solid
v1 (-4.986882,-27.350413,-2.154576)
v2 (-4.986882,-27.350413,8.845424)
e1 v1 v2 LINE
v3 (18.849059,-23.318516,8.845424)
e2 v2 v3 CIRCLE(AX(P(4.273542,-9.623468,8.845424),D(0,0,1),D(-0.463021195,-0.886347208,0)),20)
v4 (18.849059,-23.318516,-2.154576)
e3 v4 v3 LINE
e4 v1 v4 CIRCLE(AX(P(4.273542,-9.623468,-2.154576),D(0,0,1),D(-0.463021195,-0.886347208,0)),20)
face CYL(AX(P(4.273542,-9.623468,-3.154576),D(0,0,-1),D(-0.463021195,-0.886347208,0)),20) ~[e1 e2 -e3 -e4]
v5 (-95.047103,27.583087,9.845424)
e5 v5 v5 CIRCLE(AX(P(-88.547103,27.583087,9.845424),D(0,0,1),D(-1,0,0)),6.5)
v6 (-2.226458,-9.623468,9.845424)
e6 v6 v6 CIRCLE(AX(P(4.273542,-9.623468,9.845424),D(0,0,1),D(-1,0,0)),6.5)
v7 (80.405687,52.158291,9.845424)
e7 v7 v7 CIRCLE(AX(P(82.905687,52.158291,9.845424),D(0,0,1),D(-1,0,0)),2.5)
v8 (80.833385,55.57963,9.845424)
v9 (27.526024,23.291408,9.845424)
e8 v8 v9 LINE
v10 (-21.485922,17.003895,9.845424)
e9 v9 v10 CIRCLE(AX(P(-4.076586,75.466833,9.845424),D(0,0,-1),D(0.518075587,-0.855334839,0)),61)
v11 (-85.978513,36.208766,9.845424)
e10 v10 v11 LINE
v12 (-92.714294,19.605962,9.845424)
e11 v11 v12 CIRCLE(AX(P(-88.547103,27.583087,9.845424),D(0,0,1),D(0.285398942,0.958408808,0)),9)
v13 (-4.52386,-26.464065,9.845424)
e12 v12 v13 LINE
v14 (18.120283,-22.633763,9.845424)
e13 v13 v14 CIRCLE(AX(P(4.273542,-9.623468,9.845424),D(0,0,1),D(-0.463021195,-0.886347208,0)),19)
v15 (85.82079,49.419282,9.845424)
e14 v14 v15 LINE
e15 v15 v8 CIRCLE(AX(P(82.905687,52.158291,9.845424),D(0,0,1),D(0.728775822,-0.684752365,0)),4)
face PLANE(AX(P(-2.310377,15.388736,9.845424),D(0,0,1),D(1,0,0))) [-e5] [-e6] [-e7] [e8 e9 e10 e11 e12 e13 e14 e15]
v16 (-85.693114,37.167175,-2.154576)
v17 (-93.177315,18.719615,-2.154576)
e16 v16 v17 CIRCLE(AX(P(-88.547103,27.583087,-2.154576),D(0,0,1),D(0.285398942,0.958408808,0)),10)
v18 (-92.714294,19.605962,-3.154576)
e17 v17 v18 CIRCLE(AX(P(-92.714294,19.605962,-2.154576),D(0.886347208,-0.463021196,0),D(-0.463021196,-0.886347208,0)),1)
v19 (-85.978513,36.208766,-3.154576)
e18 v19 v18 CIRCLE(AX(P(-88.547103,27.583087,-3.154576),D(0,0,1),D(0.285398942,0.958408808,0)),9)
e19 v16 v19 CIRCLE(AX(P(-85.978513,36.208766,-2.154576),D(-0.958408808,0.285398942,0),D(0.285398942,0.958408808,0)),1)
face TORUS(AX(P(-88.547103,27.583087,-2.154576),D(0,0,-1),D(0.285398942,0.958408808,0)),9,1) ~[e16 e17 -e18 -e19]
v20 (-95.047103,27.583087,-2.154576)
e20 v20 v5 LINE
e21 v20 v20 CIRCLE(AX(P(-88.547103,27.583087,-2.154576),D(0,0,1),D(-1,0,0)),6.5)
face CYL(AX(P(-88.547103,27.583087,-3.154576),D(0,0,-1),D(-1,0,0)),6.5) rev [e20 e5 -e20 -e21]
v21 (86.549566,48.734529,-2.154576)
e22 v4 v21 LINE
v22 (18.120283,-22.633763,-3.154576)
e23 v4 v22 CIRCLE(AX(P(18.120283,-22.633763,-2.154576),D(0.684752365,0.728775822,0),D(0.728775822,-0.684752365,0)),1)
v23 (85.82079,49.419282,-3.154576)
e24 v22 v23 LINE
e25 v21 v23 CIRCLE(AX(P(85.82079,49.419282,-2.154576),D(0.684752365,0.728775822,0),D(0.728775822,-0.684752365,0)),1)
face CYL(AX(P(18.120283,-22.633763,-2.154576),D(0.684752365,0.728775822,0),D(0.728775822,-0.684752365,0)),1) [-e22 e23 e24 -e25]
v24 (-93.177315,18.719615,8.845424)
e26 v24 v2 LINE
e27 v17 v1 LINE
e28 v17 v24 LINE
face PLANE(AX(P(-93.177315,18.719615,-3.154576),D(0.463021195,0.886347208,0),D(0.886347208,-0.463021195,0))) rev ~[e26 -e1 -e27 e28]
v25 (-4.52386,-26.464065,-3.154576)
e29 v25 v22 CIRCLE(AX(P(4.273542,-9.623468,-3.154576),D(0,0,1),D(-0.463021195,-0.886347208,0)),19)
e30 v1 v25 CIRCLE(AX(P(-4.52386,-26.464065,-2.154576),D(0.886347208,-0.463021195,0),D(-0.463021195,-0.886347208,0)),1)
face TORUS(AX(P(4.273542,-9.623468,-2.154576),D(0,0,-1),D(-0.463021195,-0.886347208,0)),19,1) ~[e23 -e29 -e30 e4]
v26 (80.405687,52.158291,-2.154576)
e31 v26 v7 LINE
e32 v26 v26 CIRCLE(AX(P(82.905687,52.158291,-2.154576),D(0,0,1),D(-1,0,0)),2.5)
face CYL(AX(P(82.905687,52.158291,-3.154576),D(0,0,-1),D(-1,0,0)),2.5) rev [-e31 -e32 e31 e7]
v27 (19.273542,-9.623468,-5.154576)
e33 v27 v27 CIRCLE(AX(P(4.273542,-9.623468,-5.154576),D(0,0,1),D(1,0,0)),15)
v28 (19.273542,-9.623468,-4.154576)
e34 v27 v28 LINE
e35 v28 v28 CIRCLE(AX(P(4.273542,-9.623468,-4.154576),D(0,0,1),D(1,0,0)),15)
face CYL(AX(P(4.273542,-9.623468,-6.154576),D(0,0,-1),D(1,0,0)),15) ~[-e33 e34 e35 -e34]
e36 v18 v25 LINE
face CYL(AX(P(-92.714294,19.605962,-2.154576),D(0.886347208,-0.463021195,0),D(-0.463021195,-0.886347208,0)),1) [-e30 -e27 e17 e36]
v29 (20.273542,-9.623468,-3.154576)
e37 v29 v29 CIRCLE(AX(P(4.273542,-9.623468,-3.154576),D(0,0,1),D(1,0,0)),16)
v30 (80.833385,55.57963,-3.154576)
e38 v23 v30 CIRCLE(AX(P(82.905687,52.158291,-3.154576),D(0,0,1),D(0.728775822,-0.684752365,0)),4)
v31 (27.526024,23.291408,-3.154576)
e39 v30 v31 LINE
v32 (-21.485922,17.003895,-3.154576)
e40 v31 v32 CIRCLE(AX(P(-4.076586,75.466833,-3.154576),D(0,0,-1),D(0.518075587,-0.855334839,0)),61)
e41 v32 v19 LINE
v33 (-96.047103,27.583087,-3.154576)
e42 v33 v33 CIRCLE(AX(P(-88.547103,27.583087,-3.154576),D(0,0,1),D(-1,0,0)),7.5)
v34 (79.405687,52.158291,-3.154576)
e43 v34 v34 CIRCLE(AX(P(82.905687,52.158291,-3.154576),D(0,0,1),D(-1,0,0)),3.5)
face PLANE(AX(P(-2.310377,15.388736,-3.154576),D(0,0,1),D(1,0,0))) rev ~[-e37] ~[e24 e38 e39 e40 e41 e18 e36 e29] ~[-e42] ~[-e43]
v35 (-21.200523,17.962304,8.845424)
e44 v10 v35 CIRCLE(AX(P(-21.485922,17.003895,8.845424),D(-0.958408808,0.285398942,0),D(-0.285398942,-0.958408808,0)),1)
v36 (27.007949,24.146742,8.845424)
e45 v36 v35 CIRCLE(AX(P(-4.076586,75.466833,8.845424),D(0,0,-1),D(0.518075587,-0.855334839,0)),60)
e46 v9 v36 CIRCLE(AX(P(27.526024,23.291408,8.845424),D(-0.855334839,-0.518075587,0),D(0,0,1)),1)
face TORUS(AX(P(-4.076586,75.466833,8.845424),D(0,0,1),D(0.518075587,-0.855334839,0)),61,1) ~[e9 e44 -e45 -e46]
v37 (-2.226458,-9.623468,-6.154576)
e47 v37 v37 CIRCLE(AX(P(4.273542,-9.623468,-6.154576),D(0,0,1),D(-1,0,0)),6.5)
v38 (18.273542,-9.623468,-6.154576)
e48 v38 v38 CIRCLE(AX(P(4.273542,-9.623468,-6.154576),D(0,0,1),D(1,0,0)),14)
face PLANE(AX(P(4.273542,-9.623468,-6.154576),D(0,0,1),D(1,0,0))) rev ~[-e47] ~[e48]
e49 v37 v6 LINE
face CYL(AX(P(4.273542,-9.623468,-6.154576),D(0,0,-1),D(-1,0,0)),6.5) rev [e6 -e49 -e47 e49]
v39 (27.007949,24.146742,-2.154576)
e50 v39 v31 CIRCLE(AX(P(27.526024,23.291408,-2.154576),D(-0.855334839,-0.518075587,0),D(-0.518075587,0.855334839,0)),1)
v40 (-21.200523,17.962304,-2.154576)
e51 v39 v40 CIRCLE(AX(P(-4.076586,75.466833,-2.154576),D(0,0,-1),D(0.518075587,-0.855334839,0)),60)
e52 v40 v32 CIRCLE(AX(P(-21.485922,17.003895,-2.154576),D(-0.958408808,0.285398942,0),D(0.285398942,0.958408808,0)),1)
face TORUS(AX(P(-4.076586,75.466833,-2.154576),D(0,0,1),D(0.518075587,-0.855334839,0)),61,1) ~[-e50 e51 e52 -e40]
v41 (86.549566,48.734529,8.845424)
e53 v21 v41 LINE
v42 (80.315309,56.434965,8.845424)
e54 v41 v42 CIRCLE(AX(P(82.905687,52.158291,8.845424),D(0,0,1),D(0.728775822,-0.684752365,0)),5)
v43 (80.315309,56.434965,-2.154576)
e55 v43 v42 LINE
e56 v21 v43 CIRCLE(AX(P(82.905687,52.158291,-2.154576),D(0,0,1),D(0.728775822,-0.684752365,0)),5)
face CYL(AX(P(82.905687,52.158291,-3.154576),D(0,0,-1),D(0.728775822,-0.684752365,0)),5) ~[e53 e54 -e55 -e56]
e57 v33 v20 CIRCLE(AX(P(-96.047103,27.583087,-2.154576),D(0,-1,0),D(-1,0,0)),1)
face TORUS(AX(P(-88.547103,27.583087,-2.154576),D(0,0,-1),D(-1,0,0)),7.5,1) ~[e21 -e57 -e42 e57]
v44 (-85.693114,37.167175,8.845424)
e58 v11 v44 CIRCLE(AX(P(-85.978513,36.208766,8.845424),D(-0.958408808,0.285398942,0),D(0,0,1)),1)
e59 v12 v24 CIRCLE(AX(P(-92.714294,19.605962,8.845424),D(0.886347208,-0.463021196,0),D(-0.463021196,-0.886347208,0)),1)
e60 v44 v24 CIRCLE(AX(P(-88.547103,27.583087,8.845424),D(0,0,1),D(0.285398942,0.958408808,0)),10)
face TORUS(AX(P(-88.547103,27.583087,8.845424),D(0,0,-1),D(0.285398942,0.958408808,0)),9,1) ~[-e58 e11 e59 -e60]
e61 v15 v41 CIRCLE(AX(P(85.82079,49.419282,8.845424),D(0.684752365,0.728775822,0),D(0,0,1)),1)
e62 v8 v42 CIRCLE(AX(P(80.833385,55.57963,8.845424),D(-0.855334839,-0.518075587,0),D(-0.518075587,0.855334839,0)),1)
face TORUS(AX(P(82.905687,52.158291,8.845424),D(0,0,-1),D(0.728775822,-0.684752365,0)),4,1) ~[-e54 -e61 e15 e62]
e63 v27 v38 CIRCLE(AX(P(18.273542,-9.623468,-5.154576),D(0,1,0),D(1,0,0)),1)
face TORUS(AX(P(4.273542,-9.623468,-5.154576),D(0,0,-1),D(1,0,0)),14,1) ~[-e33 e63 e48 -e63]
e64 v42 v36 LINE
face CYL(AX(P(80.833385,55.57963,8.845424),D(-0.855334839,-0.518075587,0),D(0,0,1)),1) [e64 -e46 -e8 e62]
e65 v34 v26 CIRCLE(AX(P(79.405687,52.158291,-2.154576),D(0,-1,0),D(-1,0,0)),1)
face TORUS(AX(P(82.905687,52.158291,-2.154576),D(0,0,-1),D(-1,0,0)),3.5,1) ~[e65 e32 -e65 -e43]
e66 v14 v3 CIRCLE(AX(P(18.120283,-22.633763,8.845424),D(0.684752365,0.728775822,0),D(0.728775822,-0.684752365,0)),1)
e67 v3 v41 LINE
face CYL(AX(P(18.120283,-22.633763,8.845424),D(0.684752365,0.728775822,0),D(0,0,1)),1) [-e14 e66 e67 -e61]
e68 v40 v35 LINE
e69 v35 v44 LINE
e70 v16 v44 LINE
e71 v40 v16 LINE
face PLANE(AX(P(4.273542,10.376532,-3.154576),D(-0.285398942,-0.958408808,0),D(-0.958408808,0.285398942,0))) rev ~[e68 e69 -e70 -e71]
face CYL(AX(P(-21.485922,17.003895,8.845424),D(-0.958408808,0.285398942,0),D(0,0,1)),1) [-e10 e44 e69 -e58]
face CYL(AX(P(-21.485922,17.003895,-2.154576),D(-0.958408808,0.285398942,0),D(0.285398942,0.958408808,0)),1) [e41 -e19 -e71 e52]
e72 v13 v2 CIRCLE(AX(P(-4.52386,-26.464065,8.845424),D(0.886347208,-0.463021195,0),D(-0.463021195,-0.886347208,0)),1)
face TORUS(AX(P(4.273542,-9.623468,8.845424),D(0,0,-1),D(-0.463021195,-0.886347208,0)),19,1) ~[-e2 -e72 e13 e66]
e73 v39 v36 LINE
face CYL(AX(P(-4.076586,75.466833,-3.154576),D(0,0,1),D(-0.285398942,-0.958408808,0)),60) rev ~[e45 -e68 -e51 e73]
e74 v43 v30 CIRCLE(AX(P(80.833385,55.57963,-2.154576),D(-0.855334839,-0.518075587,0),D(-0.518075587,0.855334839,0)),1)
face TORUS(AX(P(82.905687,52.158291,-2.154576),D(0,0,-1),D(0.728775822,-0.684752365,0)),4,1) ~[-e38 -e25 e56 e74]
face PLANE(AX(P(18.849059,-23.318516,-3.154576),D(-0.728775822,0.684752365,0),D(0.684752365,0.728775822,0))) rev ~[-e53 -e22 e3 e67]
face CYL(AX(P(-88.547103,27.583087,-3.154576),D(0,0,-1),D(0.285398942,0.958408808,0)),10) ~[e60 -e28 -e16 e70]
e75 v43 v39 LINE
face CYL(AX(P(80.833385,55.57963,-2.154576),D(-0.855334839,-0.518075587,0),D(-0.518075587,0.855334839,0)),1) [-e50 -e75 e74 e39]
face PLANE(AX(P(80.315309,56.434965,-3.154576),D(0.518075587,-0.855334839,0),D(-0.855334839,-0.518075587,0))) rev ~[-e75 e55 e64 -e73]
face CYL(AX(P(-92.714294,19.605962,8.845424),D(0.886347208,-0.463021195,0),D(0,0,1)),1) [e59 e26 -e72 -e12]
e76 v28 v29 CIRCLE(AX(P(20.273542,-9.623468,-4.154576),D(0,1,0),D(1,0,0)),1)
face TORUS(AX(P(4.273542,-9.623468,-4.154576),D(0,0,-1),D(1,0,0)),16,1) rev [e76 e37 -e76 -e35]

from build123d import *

# Parameters (mm, degrees)
SKETCH1_R           = 3.25
SKETCH1_R_2         = 1.25
BOSS_EXTRUDE1_DEPTH = 6.5
FILLET1_R           = 30
FILLET2_R           = 0.5
BOSS_EXTRUDE3_START = -1.5
SKETCH2_R           = 7.5
SKETCH2_R_2         = 3.25
BOSS_EXTRUDE3_DEPTH = 1.5
FILLET3_R           = 0.5
SCALE_1_SCALE       = 2


with BuildPart() as part:
    # Sketch1 → Boss-Extrude1 (new body)
    with BuildSketch(Plane.XY):
        with BuildLine():
            Line((-48.725428782, 14.171541553), (-4.630211955, -8.863472077))
            ThreePointArc((-4.630211955, -8.863472077), (1.667827944, -9.85993661), (7.287758219, -6.847523651))
            Line((7.287758219, -6.847523651), (41.138011945, 29.178998838))
            ThreePointArc((41.138011945, 29.178998838), (41.259114136, 32.463962322), (38.020883424, 33.029216848))
            Line((38.020883424, 33.029216848), (0, 10))
            Line((0, 10), (-44.983328095, 23.395321633))
            ThreePointArc((-44.983328095, 23.395321633), (-51.043541464, 20.482980986), (-48.725428782, 14.171541553))
        make_face()
        with Locations(Location((-46.410322805, 18.603277592, 0), (0, 0, 180))):
            Circle(SKETCH1_R, mode=Mode.SUBTRACT)
        with Locations(Location((39.31607239, 30.890879751, 0), (0, 0, 180))):
            Circle(SKETCH1_R_2, mode=Mode.SUBTRACT)
        with Locations(Location((0, 0, 0), (0, 0, 180))):
            Circle(SKETCH1_R, mode=Mode.SUBTRACT)
    extrude(amount=BOSS_EXTRUDE1_DEPTH)

    # Fillet1
    fillet1_edges = [part.edges().sort_by_distance(p)[0] for p in [
        (0, 10, 3.25),
    ]]
    fillet(fillet1_edges, radius=FILLET1_R)

    # Fillet2
    fillet2_edges = [part.edges().sort_by_distance(p)[0] for p in [
        (1.667827944, -9.85993661, 6.5),
        (24.212885082, 11.165737594, 6.5),
        (41.259114136, 32.463962322, 6.5),
        (24.69404334, 24.957161111, 6.5),
        (-28.860180348, 18.594103961, 0),
        (-28.860180348, 18.594103961, 6.5),
        (-0.3577879, 12.789001585, 0),
        (-0.3577879, 12.789001585, 6.5),
        (-51.043541464, 20.482980986, 6.5),
        (-26.677820368, 2.654034738, 6.5),
        (24.69404334, 24.957161111, 0),
        (41.259114136, 32.463962322, 0),
        (24.212885082, 11.165737594, 0),
        (1.667827944, -9.85993661, 0),
        (-26.677820368, 2.654034738, 0),
        (-51.043541464, 20.482980986, 0),
    ]]
    fillet(fillet2_edges, radius=FILLET2_R)

    # Sketch2 → Boss-Extrude3 (add)
    with BuildSketch(Plane.XY.offset(BOSS_EXTRUDE3_START)):
        Circle(SKETCH2_R)
        with Locations(Location((0, 0, 0), (0, 0, 180))):
            Circle(SKETCH2_R_2, mode=Mode.SUBTRACT)
    extrude(amount=BOSS_EXTRUDE3_DEPTH)

    # Fillet3
    fillet3_edges = [part.edges().sort_by_distance(p)[0] for p in [
        (-43.160322805, 18.603277592, 0),
        (40.56607239, 30.890879751, 0),
        (-7.5, 0, -1.5),
        (-7.5, 0, 0),
    ]]
    fillet(fillet3_edges, radius=FILLET3_R)


with BuildPart() as part_1:
    # 缩放比例1: scaled about (-4.273542233, 9.623468382, 3.154576374)
    add(part.part.scale(SCALE_1_SCALE).moved(Location((4.273542233, -9.623468382, -3.154576374))))


solid = part_1.part
